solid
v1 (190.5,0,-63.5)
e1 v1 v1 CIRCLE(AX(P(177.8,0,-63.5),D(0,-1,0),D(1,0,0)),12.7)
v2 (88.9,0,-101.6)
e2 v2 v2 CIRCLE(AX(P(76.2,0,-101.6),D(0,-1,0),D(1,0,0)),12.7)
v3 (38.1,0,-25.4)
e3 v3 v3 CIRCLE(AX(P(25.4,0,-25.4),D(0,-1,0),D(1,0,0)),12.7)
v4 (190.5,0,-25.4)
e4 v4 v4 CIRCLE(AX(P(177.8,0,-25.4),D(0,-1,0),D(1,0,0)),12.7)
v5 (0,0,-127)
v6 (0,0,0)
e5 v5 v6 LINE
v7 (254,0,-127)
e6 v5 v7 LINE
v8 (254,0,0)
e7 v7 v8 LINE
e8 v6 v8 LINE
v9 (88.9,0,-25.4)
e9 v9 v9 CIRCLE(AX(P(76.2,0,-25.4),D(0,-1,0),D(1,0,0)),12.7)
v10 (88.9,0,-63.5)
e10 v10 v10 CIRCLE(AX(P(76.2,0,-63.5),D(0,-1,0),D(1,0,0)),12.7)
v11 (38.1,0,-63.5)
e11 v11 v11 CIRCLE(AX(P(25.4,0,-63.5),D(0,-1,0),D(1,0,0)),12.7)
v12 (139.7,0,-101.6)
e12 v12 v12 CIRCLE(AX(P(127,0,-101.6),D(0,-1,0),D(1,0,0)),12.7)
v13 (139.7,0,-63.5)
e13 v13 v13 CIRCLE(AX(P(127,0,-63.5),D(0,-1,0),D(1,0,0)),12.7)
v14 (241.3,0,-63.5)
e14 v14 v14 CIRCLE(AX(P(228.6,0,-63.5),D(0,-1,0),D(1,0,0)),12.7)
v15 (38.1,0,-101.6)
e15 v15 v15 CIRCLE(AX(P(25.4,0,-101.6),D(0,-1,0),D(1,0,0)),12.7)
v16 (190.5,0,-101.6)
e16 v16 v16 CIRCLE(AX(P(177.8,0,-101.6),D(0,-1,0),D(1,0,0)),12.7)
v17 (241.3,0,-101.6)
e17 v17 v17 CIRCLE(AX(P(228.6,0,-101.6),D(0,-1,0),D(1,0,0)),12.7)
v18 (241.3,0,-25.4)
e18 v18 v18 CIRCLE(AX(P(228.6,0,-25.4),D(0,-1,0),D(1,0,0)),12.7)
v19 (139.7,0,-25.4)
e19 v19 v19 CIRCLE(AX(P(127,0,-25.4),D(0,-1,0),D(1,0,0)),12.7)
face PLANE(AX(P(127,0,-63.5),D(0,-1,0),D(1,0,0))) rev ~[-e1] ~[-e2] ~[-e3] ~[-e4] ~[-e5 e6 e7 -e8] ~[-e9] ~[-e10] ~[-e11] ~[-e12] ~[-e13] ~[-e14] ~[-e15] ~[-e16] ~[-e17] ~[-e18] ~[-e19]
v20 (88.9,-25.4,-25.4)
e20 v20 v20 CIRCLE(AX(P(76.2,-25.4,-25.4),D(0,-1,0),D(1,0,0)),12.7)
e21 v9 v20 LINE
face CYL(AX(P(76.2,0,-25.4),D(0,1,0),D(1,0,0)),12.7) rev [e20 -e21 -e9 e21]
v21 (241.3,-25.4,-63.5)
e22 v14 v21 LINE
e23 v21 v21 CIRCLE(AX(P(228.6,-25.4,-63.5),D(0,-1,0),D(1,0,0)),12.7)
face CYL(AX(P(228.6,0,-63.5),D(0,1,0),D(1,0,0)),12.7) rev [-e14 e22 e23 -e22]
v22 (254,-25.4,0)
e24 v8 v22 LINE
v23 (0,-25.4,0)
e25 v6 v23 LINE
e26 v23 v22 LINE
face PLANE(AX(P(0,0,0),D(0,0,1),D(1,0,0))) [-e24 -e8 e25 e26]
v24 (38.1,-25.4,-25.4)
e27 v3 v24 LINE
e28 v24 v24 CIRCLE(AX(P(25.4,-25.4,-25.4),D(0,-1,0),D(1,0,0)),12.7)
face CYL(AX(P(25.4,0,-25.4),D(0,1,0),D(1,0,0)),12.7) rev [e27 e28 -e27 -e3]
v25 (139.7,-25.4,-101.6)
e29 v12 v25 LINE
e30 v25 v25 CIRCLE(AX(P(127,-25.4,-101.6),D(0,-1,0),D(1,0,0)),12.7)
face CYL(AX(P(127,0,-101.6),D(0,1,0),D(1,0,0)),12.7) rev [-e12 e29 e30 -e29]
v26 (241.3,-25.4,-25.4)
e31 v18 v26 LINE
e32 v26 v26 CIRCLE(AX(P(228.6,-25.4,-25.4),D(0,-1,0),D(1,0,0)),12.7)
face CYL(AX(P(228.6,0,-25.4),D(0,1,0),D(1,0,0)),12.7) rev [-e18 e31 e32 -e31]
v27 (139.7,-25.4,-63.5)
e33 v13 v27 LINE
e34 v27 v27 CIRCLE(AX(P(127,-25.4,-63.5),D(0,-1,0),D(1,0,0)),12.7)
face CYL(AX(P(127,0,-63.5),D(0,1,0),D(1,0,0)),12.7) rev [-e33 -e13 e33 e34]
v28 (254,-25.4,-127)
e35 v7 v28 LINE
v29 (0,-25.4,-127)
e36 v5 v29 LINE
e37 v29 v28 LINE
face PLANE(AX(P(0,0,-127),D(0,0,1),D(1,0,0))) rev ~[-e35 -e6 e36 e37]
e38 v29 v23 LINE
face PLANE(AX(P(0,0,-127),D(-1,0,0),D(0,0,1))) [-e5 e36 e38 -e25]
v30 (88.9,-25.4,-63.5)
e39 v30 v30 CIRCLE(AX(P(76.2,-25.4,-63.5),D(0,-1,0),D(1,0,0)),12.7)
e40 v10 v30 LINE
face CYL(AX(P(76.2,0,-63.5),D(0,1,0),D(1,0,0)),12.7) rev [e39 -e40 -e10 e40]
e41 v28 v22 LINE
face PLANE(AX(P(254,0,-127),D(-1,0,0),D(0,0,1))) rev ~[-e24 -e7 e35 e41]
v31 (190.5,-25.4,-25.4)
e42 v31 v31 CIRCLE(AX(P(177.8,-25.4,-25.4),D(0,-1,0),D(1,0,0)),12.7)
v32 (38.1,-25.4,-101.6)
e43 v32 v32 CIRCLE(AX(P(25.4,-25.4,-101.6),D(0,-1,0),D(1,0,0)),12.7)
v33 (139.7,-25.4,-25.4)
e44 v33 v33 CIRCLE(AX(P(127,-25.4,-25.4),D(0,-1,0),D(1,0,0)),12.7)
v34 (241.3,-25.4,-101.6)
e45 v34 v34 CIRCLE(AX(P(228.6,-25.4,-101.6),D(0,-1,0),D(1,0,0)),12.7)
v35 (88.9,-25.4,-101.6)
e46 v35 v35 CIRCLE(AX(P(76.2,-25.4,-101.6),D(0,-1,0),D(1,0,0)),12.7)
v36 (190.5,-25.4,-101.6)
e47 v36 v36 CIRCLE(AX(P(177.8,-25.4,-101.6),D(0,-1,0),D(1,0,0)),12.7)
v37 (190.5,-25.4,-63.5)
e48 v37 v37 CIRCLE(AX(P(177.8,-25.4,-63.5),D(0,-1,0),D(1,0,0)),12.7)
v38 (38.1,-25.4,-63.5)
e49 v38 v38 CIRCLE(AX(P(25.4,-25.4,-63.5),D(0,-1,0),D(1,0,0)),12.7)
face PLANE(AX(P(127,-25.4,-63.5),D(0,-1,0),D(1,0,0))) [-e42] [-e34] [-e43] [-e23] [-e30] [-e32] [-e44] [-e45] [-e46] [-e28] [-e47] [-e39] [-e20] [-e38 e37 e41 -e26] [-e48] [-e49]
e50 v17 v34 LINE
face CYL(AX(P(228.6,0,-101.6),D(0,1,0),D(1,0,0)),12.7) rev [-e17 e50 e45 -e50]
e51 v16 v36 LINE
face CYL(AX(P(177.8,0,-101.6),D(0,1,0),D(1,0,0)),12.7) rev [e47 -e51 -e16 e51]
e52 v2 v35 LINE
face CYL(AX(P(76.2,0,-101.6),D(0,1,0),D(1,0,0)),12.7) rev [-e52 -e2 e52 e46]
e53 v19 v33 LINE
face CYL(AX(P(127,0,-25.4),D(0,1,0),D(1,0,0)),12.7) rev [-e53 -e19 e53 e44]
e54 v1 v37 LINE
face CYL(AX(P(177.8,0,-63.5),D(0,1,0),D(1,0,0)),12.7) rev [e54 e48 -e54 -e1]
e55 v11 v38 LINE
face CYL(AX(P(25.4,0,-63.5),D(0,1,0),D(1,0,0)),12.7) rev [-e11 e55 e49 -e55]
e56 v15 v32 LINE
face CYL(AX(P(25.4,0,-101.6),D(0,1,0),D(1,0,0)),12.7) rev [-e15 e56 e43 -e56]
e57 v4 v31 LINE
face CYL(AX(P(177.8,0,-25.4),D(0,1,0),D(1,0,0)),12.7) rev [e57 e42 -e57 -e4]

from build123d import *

# Parameters (mm, degrees)
F0_W     = 254
F0_H     = 127
F0_R     = 12.7
F1_DEPTH = 25.4


with BuildPart() as f1:
    # F0 (on Front) → F1 (new body)
    with BuildSketch(Plane.XZ):
        with Locations((127, -63.5)):
            Rectangle(F0_W, F0_H)
        with Locations((25.4, -101.6)):
            Circle(F0_R, mode=Mode.SUBTRACT)
        with Locations((76.2, -101.6)):
            Circle(F0_R, mode=Mode.SUBTRACT)
        with Locations((127, -101.6)):
            Circle(F0_R, mode=Mode.SUBTRACT)
        with Locations((177.8, -101.6)):
            Circle(F0_R, mode=Mode.SUBTRACT)
        with Locations((228.6, -101.6)):
            Circle(F0_R, mode=Mode.SUBTRACT)
        with Locations((25.4, -63.5)):
            Circle(F0_R, mode=Mode.SUBTRACT)
        with Locations((76.2, -63.5)):
            Circle(F0_R, mode=Mode.SUBTRACT)
        with Locations((25.4, -25.4)):
            Circle(F0_R, mode=Mode.SUBTRACT)
        with Locations((76.2, -25.4)):
            Circle(F0_R, mode=Mode.SUBTRACT)
        with Locations((127, -63.5)):
            Circle(F0_R, mode=Mode.SUBTRACT)
        with Locations((177.8, -63.5)):
            Circle(F0_R, mode=Mode.SUBTRACT)
        with Locations((228.6, -63.5)):
            Circle(F0_R, mode=Mode.SUBTRACT)
        with Locations((127, -25.4)):
            Circle(F0_R, mode=Mode.SUBTRACT)
        with Locations((177.8, -25.4)):
            Circle(F0_R, mode=Mode.SUBTRACT)
        with Locations((228.6, -25.4)):
            Circle(F0_R, mode=Mode.SUBTRACT)
    extrude(amount=F1_DEPTH)


solid = f1.part
